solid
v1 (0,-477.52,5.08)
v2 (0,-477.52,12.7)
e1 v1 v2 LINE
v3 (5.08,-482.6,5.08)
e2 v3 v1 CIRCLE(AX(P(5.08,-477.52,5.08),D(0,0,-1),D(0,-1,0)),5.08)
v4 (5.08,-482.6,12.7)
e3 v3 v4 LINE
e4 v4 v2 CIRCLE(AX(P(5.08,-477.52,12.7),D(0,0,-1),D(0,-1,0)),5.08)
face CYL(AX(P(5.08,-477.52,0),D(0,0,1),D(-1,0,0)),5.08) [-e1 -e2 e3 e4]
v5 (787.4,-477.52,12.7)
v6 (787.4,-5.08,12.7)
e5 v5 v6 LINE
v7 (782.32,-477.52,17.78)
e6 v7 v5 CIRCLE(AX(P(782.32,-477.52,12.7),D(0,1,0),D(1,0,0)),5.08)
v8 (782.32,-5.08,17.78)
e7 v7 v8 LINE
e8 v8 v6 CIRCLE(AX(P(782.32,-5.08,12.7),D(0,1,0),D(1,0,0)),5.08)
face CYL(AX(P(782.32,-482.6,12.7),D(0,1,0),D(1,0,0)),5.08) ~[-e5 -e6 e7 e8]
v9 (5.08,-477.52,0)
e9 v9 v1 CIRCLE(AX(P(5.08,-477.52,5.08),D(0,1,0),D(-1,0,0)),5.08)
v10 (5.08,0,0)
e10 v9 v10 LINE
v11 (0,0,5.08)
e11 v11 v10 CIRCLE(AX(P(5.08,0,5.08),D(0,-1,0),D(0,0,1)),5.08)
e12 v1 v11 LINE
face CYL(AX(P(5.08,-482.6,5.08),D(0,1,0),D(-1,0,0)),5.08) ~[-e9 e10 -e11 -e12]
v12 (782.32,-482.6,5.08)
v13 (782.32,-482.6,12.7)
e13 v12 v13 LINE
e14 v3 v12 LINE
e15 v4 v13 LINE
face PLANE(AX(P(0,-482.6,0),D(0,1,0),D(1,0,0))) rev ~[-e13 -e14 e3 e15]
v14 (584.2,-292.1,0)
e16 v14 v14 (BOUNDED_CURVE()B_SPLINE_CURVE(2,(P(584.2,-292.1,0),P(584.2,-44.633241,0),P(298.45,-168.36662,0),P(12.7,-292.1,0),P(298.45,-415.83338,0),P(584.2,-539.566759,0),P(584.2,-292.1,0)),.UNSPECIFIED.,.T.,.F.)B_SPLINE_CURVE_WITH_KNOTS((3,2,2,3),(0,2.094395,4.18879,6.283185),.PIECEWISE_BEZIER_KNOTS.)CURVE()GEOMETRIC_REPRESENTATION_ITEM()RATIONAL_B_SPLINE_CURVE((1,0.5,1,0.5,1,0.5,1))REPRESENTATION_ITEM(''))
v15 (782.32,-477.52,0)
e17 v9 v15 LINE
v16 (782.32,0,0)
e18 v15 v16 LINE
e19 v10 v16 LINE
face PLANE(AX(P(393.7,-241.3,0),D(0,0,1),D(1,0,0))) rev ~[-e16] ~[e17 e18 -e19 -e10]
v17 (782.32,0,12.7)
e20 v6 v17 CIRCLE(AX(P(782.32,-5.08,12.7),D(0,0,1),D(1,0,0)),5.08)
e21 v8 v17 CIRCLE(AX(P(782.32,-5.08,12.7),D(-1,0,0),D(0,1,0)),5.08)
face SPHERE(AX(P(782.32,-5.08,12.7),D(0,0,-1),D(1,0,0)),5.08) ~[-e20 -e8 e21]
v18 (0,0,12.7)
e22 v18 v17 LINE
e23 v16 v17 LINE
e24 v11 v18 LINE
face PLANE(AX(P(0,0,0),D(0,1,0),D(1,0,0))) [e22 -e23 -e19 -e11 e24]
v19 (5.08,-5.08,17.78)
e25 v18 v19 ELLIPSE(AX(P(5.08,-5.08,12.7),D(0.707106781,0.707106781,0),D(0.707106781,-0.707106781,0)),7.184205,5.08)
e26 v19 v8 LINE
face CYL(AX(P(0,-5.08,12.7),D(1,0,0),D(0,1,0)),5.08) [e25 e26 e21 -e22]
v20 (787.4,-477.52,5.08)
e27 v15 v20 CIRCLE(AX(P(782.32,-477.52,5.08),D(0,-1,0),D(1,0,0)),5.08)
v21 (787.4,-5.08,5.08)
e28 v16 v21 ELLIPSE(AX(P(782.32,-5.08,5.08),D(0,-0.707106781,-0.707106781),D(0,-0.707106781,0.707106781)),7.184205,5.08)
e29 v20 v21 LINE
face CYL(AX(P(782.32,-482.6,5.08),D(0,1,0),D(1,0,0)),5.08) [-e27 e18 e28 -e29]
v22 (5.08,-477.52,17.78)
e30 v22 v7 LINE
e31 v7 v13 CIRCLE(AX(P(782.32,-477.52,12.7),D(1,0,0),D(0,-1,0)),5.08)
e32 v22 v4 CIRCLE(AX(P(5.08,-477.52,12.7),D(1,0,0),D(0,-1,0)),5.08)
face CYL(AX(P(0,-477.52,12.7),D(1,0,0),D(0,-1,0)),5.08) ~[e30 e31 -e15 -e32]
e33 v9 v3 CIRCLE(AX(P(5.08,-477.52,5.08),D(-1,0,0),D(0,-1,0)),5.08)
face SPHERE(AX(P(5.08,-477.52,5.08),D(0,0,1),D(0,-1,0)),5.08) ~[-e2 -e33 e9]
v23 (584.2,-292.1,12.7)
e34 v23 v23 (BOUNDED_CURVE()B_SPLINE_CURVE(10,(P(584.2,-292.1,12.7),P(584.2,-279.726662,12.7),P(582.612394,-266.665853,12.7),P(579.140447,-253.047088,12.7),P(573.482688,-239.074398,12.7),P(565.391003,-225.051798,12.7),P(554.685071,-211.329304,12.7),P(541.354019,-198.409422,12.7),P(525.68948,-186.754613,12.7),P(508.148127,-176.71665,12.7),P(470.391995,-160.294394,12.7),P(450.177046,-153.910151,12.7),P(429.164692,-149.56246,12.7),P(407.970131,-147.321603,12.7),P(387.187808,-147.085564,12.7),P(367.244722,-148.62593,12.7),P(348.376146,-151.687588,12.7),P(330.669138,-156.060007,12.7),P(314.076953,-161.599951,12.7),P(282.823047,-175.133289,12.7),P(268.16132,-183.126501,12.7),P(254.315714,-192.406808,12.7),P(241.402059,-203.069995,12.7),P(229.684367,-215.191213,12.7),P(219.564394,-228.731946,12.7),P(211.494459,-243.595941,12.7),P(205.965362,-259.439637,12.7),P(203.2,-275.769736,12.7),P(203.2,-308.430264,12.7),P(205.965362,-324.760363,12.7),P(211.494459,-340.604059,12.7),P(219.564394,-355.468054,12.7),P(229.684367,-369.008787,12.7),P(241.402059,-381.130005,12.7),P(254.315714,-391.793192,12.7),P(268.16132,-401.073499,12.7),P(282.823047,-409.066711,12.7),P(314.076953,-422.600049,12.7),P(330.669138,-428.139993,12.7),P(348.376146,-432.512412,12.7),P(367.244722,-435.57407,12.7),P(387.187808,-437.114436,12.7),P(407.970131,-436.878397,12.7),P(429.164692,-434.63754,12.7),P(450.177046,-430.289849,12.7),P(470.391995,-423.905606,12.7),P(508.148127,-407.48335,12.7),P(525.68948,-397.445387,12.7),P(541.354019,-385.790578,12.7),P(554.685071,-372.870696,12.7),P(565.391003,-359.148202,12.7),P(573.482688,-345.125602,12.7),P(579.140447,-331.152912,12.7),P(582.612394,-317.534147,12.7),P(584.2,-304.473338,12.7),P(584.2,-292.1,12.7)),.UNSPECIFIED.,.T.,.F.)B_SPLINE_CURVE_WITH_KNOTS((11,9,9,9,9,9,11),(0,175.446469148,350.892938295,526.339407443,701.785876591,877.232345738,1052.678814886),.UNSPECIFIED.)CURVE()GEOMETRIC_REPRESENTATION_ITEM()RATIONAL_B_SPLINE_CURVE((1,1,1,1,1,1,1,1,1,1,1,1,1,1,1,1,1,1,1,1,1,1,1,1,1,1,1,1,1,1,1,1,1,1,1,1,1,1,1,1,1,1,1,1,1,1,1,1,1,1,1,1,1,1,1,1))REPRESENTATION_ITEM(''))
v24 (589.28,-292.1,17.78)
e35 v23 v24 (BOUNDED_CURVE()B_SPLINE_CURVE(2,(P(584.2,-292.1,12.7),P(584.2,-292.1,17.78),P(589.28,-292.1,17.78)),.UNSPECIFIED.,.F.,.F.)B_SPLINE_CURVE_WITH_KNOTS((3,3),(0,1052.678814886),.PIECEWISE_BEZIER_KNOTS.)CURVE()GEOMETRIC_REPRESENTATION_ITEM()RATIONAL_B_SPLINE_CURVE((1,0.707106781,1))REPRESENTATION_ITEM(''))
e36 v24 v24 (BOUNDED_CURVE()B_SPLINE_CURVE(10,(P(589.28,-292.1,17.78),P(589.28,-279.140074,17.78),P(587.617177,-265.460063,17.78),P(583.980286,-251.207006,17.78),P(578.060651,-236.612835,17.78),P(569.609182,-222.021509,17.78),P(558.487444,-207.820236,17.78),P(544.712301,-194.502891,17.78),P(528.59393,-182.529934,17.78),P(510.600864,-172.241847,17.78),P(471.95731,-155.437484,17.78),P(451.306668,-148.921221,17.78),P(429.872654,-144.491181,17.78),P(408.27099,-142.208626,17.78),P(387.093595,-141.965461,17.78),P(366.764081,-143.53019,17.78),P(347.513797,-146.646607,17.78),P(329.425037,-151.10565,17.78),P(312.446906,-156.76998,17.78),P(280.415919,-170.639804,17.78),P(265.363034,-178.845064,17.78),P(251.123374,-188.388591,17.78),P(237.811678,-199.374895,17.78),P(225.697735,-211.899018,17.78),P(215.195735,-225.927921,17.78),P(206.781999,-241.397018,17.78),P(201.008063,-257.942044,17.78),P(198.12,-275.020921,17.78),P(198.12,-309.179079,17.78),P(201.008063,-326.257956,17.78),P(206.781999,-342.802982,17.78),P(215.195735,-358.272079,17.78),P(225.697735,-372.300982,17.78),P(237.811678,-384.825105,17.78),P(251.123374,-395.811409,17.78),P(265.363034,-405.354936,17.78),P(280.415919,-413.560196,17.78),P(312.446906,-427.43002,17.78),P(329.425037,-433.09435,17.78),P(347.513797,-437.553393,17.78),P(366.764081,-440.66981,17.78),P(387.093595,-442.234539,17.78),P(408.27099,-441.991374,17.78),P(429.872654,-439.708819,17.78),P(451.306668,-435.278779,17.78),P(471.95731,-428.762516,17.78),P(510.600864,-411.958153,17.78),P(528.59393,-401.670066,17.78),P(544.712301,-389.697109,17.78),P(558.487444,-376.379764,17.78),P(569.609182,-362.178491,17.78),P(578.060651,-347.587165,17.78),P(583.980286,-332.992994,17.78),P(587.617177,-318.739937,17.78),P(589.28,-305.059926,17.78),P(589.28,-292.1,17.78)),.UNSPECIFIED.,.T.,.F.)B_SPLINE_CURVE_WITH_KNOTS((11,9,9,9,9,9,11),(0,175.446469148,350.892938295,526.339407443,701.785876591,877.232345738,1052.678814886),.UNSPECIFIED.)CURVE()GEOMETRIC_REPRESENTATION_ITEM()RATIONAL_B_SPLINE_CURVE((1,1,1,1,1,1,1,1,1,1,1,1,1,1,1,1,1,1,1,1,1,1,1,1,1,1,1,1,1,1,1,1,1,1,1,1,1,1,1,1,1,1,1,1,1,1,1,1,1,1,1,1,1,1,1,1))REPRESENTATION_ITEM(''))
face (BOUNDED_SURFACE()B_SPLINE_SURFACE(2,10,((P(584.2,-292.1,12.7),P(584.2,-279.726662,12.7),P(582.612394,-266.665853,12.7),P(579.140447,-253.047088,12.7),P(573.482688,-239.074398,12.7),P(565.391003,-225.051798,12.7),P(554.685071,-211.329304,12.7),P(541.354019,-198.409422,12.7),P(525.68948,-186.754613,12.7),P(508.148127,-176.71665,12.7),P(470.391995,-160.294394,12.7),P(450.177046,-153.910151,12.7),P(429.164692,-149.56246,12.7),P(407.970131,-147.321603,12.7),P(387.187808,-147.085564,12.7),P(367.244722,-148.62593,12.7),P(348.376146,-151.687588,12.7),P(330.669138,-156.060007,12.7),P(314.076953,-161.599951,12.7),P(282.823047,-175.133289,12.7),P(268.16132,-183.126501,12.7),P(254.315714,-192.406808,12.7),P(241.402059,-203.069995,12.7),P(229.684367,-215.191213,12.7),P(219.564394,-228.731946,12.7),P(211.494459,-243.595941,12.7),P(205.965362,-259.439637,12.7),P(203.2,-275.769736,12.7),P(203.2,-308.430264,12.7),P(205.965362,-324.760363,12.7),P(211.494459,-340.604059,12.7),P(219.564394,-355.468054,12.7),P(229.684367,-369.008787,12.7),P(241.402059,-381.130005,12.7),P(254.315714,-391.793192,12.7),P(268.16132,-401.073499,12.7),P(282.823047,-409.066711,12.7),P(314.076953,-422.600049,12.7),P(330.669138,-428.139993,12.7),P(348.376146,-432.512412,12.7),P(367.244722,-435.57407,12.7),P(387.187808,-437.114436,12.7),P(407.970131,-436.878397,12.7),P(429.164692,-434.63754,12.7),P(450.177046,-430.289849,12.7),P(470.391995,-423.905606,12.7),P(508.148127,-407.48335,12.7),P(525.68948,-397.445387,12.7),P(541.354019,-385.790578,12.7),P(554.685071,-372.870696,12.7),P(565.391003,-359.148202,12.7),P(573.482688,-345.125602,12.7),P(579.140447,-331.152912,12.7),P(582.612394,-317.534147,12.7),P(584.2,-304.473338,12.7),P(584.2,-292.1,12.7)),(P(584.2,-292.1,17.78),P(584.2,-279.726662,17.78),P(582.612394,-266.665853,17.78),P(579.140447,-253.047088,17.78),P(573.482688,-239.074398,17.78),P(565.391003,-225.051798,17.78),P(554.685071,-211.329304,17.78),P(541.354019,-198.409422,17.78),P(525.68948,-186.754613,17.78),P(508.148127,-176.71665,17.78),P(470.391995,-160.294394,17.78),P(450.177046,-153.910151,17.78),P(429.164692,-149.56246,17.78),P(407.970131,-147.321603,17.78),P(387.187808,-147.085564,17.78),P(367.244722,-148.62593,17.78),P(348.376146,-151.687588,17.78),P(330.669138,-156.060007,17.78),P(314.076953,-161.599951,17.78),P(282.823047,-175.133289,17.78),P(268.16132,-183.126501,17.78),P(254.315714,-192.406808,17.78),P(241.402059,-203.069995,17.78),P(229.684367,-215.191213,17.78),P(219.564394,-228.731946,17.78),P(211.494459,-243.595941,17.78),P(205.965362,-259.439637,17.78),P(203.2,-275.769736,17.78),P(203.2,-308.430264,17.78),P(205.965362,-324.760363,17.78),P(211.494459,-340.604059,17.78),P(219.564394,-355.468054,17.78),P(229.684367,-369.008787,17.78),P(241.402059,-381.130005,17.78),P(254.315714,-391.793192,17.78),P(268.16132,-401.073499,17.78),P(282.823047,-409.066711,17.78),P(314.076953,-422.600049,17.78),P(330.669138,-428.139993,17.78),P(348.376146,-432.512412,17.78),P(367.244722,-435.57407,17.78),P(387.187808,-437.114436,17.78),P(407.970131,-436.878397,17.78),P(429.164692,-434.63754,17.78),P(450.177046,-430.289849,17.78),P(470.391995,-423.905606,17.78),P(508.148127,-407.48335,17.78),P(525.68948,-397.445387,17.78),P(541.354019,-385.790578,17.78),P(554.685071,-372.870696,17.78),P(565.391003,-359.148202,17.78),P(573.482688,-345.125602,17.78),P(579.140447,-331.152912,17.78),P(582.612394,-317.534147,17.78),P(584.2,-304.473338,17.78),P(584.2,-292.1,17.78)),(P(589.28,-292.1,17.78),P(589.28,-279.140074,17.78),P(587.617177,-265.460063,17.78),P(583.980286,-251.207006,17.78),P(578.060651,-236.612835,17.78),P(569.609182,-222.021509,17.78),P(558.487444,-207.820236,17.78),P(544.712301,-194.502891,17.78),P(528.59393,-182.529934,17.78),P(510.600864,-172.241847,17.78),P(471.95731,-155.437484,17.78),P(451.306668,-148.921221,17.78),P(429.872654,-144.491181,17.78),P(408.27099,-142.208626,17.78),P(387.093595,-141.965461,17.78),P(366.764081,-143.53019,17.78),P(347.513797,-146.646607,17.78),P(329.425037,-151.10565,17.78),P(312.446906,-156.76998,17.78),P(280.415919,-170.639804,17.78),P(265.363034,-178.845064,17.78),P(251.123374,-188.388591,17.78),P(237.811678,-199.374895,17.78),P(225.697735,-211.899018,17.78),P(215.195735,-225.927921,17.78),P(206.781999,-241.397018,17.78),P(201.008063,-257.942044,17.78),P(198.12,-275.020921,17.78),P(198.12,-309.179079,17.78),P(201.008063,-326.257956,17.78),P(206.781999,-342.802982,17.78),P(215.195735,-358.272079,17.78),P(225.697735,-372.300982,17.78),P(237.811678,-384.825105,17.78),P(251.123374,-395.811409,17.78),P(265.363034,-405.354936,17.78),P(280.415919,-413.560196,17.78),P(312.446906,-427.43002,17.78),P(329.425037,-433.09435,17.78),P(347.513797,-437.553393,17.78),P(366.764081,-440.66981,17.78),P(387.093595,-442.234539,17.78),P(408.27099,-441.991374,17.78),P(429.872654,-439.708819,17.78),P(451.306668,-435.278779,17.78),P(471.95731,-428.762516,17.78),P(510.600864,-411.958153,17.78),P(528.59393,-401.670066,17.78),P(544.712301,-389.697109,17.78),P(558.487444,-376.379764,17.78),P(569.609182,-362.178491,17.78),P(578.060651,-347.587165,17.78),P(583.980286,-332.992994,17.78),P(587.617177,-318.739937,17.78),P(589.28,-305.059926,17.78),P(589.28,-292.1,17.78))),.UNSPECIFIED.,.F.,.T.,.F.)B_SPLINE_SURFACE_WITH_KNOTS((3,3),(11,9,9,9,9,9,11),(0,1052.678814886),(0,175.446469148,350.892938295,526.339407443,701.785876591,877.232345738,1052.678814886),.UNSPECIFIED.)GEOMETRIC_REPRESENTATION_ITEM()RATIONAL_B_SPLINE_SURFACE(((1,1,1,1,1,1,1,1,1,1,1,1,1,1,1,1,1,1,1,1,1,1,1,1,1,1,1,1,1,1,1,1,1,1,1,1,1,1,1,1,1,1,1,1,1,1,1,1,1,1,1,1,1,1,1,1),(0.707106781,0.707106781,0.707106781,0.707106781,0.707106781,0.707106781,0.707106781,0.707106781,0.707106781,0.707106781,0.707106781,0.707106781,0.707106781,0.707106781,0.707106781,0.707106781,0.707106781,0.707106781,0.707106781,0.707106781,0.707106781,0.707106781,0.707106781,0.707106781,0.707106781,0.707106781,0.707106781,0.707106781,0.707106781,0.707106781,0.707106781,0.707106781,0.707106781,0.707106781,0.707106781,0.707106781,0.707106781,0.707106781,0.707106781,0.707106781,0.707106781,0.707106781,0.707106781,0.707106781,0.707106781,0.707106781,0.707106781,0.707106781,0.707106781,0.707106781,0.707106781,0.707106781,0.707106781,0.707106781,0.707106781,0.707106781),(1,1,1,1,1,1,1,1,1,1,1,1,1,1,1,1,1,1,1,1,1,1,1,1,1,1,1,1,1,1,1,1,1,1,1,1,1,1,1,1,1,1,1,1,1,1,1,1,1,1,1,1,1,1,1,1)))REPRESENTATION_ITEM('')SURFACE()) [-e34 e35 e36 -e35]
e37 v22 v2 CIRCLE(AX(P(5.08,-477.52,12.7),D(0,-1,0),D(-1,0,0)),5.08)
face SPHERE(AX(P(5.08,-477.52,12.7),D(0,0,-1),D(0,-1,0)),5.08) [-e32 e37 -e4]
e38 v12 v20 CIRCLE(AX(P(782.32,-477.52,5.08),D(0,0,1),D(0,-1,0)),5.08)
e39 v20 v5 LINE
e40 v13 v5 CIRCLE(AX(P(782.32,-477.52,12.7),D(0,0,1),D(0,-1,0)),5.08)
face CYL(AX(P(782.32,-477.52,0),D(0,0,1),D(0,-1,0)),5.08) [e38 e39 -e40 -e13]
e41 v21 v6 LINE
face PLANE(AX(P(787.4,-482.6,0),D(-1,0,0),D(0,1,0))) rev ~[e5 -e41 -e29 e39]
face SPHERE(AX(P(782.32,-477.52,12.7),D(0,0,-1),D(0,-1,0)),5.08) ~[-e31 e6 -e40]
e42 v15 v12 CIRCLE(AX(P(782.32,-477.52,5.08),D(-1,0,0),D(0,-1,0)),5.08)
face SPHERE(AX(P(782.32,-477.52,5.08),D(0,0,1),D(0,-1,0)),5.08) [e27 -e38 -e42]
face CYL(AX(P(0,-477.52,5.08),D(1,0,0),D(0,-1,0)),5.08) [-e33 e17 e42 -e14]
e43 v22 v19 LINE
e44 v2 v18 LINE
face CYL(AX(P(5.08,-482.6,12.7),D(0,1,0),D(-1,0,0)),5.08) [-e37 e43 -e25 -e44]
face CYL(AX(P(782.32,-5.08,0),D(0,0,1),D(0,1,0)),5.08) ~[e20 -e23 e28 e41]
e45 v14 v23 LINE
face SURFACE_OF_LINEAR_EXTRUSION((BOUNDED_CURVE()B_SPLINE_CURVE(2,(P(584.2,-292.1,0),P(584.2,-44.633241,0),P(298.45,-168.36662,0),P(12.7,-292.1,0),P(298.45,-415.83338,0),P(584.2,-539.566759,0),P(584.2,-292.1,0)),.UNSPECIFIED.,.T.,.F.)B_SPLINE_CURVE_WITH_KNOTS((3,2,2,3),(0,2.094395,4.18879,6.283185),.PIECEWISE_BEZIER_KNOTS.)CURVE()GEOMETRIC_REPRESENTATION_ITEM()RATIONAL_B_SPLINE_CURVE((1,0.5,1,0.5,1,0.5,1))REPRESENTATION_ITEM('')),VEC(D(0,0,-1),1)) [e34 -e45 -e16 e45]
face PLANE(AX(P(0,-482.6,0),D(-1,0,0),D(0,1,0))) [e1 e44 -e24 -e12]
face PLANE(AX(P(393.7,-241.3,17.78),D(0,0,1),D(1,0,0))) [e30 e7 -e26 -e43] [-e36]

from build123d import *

# Parameters (mm, degrees)
F0_W     = 787.4
F0_H     = 482.6
F1_DEPTH = 17.78
F2_R     = 5.08


with BuildPart() as f1:
    # F0 (on Top) → F1 (new body)
    with BuildSketch(Plane.XY):
        with Locations((393.7, -241.3)):
            Rectangle(F0_W, F0_H)
        with BuildLine():
            add(Edge.make_bspline(
                [(584.2, -292.1), (584.2, -44.633241), (298.45, -168.36662), (12.7, -292.1), (298.45, -415.83338), (584.2, -539.566759), (584.2, -292.1)],
                knots=[0, 0, 0, 2.094395, 2.094395, 4.18879, 4.18879, 6.283185, 6.283185, 6.283185], degree=2, weights=[1, 0.5, 1, 0.5, 1, 0.5, 1]))
        make_face(mode=Mode.SUBTRACT)
    extrude(amount=F1_DEPTH)

    # F2
    f2_edges = [f1.edges().sort_by_distance(p)[0] for p in [
        (0, -482.6, 8.89),
        (787.4, -482.6, 8.89),
        (393.7, -482.6, 0),
        (393.7, -482.6, 17.78),
        (787.4, 0, 8.89),
        (787.4, -241.3, 0),
        (787.4, -241.3, 17.78),
        (393.7, 0, 17.78),
        (0, -241.3, 17.78),
        (203.2, -292.1, 17.78),
        (0, -241.3, 0),
    ]]
    fillet(f2_edges, radius=F2_R)


solid = f1.part
